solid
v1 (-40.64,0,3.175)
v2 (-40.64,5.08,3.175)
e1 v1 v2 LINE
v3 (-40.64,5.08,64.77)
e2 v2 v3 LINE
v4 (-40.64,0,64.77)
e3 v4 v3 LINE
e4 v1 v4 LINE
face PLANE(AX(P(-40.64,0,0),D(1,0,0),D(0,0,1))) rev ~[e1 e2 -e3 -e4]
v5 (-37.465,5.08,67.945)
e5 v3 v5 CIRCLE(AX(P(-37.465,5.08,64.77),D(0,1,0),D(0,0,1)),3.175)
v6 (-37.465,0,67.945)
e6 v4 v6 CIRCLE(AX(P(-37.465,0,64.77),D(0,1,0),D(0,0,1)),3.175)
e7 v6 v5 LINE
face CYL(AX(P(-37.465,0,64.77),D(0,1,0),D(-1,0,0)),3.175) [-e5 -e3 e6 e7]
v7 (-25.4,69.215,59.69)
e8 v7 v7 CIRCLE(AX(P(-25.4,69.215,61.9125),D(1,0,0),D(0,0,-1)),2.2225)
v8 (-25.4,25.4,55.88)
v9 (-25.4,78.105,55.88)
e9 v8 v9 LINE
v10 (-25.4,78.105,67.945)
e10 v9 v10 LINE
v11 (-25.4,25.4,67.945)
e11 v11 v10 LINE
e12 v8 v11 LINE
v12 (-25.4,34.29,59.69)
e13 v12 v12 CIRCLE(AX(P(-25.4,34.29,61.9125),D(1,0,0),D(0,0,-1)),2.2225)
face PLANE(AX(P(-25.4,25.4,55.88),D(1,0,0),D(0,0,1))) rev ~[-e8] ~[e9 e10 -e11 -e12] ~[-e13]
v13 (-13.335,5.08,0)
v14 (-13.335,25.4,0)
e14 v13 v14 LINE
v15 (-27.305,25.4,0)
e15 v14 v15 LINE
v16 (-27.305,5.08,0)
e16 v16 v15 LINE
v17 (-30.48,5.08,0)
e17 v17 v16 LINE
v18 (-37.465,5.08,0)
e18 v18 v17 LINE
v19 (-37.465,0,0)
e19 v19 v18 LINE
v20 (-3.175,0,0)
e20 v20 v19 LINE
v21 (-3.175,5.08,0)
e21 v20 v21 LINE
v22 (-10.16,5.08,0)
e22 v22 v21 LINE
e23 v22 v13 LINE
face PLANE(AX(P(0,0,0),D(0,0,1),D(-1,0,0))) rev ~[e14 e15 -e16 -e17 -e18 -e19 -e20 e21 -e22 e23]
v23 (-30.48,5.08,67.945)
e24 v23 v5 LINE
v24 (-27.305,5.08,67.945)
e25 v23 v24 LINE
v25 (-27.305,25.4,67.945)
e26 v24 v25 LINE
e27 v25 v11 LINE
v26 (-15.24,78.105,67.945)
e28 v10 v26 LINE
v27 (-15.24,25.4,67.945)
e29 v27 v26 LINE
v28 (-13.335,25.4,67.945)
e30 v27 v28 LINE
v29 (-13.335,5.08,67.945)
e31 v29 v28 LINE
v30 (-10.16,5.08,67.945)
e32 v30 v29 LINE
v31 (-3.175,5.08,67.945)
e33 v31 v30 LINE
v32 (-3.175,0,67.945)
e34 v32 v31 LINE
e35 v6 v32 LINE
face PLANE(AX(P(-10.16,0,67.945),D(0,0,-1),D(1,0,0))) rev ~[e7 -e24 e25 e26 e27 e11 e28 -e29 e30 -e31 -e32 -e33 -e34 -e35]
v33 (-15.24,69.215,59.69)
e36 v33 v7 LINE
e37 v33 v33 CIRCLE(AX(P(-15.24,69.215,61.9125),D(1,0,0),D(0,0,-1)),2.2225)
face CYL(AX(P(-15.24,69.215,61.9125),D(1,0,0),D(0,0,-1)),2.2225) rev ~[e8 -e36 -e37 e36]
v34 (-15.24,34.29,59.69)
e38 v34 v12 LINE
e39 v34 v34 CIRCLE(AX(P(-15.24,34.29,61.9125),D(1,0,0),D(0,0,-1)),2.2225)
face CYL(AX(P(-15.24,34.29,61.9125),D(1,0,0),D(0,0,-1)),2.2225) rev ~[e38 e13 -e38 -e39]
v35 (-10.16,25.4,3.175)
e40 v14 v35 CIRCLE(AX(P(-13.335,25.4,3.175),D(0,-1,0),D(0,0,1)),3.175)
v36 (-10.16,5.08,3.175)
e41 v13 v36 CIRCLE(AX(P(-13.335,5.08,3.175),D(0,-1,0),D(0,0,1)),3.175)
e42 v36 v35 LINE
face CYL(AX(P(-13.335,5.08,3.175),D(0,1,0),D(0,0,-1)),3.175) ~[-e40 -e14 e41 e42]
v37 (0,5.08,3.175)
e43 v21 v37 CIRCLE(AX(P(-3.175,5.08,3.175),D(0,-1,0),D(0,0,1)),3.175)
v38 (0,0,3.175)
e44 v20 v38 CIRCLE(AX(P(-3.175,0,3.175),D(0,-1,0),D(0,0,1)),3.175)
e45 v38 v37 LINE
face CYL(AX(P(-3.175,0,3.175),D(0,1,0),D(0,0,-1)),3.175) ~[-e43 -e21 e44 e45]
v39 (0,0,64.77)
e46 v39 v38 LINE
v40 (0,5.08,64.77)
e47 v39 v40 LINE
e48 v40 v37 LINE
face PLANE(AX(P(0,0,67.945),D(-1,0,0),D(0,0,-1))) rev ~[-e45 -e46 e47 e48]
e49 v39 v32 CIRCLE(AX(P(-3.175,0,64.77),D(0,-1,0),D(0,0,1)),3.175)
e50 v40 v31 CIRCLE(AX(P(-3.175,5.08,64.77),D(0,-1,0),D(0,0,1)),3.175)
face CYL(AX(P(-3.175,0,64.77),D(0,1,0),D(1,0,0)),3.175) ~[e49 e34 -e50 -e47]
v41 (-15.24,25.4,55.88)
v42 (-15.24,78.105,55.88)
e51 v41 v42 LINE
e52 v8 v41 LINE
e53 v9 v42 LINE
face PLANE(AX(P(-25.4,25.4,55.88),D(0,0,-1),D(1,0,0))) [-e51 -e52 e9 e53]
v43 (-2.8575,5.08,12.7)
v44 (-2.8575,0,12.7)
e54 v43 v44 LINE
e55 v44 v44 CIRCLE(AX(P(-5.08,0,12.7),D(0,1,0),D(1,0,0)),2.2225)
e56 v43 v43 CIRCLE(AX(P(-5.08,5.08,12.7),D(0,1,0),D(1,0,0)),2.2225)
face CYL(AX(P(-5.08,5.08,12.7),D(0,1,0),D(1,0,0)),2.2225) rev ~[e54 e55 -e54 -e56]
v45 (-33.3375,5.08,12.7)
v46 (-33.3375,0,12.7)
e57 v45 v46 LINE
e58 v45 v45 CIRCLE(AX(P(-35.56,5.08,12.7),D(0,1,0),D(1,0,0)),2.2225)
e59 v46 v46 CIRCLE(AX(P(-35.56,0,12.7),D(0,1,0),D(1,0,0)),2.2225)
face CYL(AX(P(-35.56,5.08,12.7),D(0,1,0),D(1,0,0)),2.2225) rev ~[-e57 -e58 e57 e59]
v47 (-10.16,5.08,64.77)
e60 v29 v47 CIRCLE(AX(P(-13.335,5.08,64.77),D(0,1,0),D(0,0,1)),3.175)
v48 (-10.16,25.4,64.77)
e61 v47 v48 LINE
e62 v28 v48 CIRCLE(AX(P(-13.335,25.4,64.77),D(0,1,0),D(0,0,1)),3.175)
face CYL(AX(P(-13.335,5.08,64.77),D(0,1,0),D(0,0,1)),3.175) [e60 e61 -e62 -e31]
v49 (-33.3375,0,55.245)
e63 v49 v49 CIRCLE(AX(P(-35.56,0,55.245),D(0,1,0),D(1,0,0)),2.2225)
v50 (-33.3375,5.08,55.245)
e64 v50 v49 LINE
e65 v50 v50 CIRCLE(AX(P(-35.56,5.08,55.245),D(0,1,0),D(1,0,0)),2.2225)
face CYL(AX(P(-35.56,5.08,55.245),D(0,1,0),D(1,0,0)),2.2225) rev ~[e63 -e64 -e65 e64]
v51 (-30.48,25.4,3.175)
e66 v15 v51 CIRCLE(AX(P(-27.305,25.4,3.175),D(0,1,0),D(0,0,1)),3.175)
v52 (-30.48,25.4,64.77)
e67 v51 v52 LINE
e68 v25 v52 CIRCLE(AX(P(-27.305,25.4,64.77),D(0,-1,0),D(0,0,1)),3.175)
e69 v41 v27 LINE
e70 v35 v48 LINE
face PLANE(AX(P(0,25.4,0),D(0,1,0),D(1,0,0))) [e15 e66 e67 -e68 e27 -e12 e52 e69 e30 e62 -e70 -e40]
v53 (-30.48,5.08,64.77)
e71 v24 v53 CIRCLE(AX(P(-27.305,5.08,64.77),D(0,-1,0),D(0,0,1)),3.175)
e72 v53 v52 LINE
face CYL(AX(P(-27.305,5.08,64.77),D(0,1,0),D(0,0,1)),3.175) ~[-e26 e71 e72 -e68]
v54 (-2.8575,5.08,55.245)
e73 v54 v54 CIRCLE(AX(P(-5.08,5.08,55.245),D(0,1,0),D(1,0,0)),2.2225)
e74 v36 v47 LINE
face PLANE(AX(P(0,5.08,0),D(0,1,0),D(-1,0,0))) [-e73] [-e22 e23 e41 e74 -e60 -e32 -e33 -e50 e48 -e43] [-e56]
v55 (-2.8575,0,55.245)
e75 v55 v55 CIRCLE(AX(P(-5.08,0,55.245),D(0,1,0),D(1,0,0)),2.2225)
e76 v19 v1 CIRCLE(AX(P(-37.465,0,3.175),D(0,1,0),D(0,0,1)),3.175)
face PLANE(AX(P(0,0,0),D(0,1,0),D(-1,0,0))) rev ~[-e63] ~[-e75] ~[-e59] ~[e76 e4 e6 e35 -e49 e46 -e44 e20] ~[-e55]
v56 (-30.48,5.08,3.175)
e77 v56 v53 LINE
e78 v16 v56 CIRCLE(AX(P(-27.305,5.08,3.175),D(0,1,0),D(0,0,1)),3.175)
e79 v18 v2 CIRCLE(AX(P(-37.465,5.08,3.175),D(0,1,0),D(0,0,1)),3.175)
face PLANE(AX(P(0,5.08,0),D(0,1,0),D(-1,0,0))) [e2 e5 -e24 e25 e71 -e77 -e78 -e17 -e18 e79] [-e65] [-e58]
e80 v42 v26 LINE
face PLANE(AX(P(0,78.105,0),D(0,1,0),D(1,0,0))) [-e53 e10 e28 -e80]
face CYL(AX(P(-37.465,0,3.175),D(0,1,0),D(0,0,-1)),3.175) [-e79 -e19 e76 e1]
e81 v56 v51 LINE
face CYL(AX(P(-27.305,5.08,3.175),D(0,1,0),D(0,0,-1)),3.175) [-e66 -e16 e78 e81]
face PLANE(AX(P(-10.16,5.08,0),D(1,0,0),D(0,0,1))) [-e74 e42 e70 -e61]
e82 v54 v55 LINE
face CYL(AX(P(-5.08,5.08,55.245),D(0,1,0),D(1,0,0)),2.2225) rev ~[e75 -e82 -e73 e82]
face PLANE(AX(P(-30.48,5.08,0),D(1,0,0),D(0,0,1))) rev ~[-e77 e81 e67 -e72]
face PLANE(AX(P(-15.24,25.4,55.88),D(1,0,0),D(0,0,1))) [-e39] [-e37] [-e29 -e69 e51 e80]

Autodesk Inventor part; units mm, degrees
ref_plane "YZ Plane" through (0, 0, 0) normal (1, 0, 0) x (0, 1, 0)
ref_plane "XZ Plane" through (0, 0, 0) normal (0, 1, 0) x (-1, 0, 0)
ref_plane "XY Plane" through (0, 0, 0) normal (0, 0, 1) x (1, 0, 0)
sketch "Sketch1" plane through (0, 0, 0) normal (0, 1, 0) x (-1, 0, 0)
  line L0 (0, 0) -> (40.64, 0)
  line L1 (40.64, 0) -> (40.64, 67.945)
  line L2 (40.64, 67.945) -> (0, 67.945)
  line L3 (0, 67.945) -> (0, 0)
  line L4 (10.16, 0) -> (10.16, 67.945)
  line L5 (30.48, 0) -> (30.48, 67.945)
  dimension "d0" = 40.64
  dimension "d1" = 67.945
extrude "Extrusion1" add sketch "Sketch1" along normal blind 5.08
sketch "Sketch2" plane through (0, 5.08, 0) normal (0, 1, 0) x (1, 0, 0)
  line L0 (0, 0) -> (-40.64, 0) projected
  line L1 (-40.64, -67.945) -> (0, -67.945) projected
  line L2 (0, -67.945) -> (0, 0) projected
  line L3 (-10.16, 0) -> (-10.16, -67.945)
  line L4 (-30.48, 0) -> (-30.48, -67.945)
extrude "Extrusion2" add sketch "Sketch2" along normal blind 20.32 contours L3 L1 L4 L0
sketch "Sketch3" plane through (0, 25.4, 0) normal (0, 1, 0) x (1, 0, 0)
  line L0 (-30.48, -67.945) -> (-10.16, -67.945) projected
  line L1 (-10.16, -67.945) -> (-10.16, 0) projected
  line L2 (-25.4, -55.88) -> (-15.24, -55.88)
  line L3 (-25.4, -55.88) -> (-25.4, -67.945)
  line L4 (-15.24, -55.88) -> (-15.24, -67.945)
  point P0 (0, 0)
extrude "Extrusion3" add sketch "Sketch3" along normal blind 52.705
sketch "Sketch4" plane through (-15.24, 25.4, 67.945) normal (1, 0, 0) x (0, 0, -1)
  circle A0 centre (6.0325, 8.89) radius 2.2225
  circle A1 centre (6.0325, 43.815) radius 2.2225
  point P0 (67.945, -25.4)
  dimension "d8" = 4.445
  dimension "d10" = 4.445
extrude "Extrusion4" cut sketch "Sketch4" against normal blind 52.705
sketch "Sketch5" plane through (0, 5.08, 0) normal (0, 1, 0) x (1, 0, 0)
  circle A0 centre (-5.08, -12.7) radius 2.2225
  circle A1 centre (-5.08, -55.245) radius 2.2225
  dimension "d14" = 4.445
  dimension "d16" = 4.445
extrude "Extrusion5" cut sketch "Sketch5" against normal blind 52.705
sketch "Sketch6" plane through (0, 5.08, 0) normal (0, 1, 0) x (1, 0, 0)
  circle A0 centre (-35.56, -12.7) radius 2.2225
  circle A1 centre (-35.56, -55.245) radius 2.2225
  point P0 (0, 0)
  dimension "d21" = 4.445
  dimension "d22" = 4.445
extrude "Extrusion6" cut sketch "Sketch6" against normal blind 52.705
fillet "Fillet1" radius 3.175 1 edges at (-40.64, 2.54, 0)
fillet "Fillet2" radius 3.175 1 edges at (-40.64, 2.54, 67.945)
fillet "Fillet3" radius 3.175 1 edges at (0, 2.54, 0)
fillet "Fillet4" radius 3.175 1 edges at (0, 2.54, 67.945)
fillet "Fillet7" radius 3.175 1 edges at (-10.16, 15.24, 67.945)
fillet "Fillet8" radius 3.175 1 edges at (-30.48, 15.24, 67.945)
fillet "Fillet9" radius 3.175 1 edges at (-10.16, 15.24, 0)
fillet "Fillet10" radius 3.175 1 edges at (-30.48, 15.24, 0)
properties part number "Autonomous - Encoder Mount"
